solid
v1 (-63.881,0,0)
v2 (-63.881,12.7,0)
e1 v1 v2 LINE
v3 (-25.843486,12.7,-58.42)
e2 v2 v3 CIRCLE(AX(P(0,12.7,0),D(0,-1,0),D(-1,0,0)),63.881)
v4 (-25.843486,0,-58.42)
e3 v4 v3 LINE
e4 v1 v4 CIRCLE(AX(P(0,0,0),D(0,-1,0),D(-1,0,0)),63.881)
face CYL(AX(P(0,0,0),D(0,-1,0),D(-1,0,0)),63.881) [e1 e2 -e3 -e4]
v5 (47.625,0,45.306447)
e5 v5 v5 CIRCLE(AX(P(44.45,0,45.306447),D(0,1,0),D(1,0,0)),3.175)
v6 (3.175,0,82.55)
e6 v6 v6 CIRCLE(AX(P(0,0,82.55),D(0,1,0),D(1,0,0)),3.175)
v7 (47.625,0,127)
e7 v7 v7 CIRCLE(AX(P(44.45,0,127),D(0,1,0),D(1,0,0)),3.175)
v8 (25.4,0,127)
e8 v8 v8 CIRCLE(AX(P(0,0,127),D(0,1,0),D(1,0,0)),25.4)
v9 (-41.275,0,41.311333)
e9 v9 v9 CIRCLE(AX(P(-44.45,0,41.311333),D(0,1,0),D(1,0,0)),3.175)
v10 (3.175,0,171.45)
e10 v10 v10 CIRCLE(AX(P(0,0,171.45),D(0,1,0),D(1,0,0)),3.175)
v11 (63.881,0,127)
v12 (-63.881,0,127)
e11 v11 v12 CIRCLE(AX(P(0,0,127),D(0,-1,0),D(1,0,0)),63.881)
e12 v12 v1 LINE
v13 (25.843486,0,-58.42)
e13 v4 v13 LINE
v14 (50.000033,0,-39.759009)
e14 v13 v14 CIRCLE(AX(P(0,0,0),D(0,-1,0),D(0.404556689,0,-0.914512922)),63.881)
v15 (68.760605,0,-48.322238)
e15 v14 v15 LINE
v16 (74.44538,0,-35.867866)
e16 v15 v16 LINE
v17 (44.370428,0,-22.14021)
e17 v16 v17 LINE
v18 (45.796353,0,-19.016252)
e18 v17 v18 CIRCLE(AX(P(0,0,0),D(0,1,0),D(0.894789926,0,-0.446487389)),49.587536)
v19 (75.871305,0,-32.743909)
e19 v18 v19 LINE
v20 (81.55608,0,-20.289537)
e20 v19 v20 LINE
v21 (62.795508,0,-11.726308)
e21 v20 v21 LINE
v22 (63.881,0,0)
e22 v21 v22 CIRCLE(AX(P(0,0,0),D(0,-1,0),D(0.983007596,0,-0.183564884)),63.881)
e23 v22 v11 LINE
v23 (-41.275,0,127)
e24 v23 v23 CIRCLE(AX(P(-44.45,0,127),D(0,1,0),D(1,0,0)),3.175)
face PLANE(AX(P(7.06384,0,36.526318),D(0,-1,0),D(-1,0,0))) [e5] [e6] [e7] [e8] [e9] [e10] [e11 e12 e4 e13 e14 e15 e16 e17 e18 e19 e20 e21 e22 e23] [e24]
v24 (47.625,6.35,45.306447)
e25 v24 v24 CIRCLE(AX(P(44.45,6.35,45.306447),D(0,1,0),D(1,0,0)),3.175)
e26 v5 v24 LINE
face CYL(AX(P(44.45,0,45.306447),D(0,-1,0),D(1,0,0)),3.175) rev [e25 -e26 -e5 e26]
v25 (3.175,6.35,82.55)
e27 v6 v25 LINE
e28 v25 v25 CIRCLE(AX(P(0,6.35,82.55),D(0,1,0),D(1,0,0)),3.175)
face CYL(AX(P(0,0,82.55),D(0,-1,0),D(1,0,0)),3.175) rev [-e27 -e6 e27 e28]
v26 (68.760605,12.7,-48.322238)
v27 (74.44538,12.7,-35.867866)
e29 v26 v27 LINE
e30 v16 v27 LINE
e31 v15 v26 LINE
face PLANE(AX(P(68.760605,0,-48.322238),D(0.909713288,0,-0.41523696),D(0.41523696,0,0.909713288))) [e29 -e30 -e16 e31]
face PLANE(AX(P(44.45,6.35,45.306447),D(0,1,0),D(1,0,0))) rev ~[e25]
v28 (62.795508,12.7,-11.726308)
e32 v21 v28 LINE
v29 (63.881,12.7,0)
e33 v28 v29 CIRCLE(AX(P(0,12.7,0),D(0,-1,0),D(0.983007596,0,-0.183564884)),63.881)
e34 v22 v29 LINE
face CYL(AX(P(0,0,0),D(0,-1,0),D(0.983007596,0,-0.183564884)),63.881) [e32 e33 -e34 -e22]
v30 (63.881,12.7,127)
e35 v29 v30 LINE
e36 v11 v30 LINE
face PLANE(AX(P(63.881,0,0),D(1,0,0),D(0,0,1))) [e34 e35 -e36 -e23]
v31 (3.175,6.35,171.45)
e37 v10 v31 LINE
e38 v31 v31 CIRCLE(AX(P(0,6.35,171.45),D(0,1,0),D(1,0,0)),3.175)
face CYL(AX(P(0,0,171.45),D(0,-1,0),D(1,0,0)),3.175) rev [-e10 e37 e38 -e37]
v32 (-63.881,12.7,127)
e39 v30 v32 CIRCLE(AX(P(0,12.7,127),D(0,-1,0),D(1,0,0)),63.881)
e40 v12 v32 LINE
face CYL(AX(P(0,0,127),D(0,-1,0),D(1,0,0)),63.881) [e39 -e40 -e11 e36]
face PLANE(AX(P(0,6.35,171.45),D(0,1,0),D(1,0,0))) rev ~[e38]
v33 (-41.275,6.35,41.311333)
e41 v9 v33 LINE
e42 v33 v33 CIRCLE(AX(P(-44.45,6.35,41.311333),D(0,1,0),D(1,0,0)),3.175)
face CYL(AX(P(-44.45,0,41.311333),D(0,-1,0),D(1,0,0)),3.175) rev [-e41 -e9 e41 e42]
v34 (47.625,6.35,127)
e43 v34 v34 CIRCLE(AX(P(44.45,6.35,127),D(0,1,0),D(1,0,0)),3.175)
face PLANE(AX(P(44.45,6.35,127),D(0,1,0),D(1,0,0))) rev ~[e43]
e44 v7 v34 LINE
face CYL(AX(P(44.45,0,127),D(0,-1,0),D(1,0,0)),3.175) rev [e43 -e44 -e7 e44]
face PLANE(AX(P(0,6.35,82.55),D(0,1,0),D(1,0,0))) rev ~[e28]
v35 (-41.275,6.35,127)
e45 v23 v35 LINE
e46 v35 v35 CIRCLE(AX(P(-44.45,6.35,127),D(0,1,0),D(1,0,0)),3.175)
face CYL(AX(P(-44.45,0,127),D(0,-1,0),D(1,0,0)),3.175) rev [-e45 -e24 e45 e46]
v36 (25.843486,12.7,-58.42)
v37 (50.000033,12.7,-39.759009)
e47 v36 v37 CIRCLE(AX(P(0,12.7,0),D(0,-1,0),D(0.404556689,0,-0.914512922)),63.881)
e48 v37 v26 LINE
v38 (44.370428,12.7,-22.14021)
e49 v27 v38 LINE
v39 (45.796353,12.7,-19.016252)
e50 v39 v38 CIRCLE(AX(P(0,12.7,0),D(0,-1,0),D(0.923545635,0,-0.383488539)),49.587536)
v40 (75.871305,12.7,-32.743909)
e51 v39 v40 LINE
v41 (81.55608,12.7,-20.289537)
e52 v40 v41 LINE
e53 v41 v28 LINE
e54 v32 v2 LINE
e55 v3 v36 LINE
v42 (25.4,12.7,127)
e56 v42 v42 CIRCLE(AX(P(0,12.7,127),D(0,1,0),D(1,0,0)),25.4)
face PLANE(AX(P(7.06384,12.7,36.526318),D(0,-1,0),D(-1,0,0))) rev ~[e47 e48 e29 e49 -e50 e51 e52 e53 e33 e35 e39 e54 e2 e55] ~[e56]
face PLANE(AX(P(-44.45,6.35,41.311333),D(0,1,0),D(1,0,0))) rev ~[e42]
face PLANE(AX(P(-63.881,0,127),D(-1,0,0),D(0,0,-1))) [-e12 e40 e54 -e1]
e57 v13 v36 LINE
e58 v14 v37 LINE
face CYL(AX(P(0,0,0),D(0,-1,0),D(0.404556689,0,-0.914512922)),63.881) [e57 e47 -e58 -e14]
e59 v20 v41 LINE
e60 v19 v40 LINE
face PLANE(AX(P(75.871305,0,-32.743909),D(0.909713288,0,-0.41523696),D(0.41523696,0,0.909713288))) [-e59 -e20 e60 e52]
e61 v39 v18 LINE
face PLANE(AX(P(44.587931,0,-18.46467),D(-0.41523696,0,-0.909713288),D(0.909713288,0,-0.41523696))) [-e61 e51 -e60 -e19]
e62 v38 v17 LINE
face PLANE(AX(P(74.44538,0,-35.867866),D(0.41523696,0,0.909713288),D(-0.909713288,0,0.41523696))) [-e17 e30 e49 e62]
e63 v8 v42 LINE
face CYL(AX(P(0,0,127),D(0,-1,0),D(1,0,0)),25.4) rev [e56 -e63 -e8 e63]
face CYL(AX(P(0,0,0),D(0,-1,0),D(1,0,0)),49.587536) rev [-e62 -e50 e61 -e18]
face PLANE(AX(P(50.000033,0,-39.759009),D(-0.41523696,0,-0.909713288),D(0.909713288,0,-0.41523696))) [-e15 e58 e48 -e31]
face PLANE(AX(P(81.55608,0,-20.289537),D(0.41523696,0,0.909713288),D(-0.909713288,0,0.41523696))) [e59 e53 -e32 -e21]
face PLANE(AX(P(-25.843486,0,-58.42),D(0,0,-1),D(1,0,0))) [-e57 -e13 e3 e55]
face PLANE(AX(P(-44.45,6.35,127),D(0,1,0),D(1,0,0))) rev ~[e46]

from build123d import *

# Parameters (mm, degrees)
SKETCH1_R           = 25.4
BOSS_EXTRUDE5_DEPTH = 12.7
SKETCH4_9_R         = 49.587536422
CUT_EXTRUDE9_DEPTH  = 12.7
SKETCH4_10_R        = 3.175
CUT_EXTRUDE10_DEPTH = 6.35


with BuildPart() as part:
    # Sketch1 → Boss-Extrude5 (new body)
    with BuildSketch(Plane(origin=(0, 0, 0), x_dir=(1, 0, 0), z_dir=(0, 1, 0))):
        with BuildLine():
            Line((63.881, 0), (63.881, -127))
            ThreePointArc((63.881, -127), (0, -190.881), (-63.881, -127))
            Line((-63.881, -127), (-63.881, 0))
            ThreePointArc((-63.881, 0), (-53.533587031, 34.855949573), (-25.843485852, 58.42))
            Line((-25.843485852, 58.42), (0, 58.42))
            Line((0, 58.42), (25.843485852, 58.42))
            ThreePointArc((25.843485852, 58.42), (39.052759066, 50.553577226), (50.000033281, 39.759009455))
            Line((50.000033281, 39.759009455), (68.760605235, 48.322238074))
            Line((68.760605235, 48.322238074), (74.445380321, 35.867866389))
            Line((74.445380321, 35.867866389), (43.162005956, 21.588627605))
            ThreePointArc((43.162005956, 21.588627605), (-43.902763298, -20.039335689), (44.587930732, 18.464669861))
            Line((44.587930732, 18.464669861), (75.871305097, 32.743908644))
            Line((75.871305097, 32.743908644), (81.556080183, 20.289536959))
            Line((81.556080183, 20.289536959), (62.795508229, 11.726308341))
            ThreePointArc((62.795508229, 11.726308341), (63.609048186, 5.888221287), (63.881, 0))
        make_face()
        with Locations((0, -127)):
            Circle(SKETCH1_R, mode=Mode.SUBTRACT)
    extrude(amount=BOSS_EXTRUDE5_DEPTH)

    # Sketch4_9 → Cut-Extrude9 (cut)
    with BuildSketch(Plane(origin=(0, 0, 0), x_dir=(1, 0, 0), z_dir=(0, 1, 0))):
        Circle(SKETCH4_9_R)
    extrude(amount=CUT_EXTRUDE9_DEPTH, mode=Mode.SUBTRACT)

    # Sketch4_10 → Cut-Extrude10 (cut)
    with BuildSketch(Plane(origin=(0, 0, 0), x_dir=(1, 0, 0), z_dir=(0, 1, 0))):
        with Locations((0, -171.45)):
            Circle(SKETCH4_10_R)
        with Locations((-44.45, -127)):
            Circle(SKETCH4_10_R)
        with Locations((44.45, -127)):
            Circle(SKETCH4_10_R)
        with Locations((0, -82.55)):
            Circle(SKETCH4_10_R)
        with Locations((-44.45, -41.311332975)):
            Circle(SKETCH4_10_R)
        with Locations((44.45, -45.306446958)):
            Circle(SKETCH4_10_R)
    extrude(amount=CUT_EXTRUDE10_DEPTH, mode=Mode.SUBTRACT)


solid = part.part
